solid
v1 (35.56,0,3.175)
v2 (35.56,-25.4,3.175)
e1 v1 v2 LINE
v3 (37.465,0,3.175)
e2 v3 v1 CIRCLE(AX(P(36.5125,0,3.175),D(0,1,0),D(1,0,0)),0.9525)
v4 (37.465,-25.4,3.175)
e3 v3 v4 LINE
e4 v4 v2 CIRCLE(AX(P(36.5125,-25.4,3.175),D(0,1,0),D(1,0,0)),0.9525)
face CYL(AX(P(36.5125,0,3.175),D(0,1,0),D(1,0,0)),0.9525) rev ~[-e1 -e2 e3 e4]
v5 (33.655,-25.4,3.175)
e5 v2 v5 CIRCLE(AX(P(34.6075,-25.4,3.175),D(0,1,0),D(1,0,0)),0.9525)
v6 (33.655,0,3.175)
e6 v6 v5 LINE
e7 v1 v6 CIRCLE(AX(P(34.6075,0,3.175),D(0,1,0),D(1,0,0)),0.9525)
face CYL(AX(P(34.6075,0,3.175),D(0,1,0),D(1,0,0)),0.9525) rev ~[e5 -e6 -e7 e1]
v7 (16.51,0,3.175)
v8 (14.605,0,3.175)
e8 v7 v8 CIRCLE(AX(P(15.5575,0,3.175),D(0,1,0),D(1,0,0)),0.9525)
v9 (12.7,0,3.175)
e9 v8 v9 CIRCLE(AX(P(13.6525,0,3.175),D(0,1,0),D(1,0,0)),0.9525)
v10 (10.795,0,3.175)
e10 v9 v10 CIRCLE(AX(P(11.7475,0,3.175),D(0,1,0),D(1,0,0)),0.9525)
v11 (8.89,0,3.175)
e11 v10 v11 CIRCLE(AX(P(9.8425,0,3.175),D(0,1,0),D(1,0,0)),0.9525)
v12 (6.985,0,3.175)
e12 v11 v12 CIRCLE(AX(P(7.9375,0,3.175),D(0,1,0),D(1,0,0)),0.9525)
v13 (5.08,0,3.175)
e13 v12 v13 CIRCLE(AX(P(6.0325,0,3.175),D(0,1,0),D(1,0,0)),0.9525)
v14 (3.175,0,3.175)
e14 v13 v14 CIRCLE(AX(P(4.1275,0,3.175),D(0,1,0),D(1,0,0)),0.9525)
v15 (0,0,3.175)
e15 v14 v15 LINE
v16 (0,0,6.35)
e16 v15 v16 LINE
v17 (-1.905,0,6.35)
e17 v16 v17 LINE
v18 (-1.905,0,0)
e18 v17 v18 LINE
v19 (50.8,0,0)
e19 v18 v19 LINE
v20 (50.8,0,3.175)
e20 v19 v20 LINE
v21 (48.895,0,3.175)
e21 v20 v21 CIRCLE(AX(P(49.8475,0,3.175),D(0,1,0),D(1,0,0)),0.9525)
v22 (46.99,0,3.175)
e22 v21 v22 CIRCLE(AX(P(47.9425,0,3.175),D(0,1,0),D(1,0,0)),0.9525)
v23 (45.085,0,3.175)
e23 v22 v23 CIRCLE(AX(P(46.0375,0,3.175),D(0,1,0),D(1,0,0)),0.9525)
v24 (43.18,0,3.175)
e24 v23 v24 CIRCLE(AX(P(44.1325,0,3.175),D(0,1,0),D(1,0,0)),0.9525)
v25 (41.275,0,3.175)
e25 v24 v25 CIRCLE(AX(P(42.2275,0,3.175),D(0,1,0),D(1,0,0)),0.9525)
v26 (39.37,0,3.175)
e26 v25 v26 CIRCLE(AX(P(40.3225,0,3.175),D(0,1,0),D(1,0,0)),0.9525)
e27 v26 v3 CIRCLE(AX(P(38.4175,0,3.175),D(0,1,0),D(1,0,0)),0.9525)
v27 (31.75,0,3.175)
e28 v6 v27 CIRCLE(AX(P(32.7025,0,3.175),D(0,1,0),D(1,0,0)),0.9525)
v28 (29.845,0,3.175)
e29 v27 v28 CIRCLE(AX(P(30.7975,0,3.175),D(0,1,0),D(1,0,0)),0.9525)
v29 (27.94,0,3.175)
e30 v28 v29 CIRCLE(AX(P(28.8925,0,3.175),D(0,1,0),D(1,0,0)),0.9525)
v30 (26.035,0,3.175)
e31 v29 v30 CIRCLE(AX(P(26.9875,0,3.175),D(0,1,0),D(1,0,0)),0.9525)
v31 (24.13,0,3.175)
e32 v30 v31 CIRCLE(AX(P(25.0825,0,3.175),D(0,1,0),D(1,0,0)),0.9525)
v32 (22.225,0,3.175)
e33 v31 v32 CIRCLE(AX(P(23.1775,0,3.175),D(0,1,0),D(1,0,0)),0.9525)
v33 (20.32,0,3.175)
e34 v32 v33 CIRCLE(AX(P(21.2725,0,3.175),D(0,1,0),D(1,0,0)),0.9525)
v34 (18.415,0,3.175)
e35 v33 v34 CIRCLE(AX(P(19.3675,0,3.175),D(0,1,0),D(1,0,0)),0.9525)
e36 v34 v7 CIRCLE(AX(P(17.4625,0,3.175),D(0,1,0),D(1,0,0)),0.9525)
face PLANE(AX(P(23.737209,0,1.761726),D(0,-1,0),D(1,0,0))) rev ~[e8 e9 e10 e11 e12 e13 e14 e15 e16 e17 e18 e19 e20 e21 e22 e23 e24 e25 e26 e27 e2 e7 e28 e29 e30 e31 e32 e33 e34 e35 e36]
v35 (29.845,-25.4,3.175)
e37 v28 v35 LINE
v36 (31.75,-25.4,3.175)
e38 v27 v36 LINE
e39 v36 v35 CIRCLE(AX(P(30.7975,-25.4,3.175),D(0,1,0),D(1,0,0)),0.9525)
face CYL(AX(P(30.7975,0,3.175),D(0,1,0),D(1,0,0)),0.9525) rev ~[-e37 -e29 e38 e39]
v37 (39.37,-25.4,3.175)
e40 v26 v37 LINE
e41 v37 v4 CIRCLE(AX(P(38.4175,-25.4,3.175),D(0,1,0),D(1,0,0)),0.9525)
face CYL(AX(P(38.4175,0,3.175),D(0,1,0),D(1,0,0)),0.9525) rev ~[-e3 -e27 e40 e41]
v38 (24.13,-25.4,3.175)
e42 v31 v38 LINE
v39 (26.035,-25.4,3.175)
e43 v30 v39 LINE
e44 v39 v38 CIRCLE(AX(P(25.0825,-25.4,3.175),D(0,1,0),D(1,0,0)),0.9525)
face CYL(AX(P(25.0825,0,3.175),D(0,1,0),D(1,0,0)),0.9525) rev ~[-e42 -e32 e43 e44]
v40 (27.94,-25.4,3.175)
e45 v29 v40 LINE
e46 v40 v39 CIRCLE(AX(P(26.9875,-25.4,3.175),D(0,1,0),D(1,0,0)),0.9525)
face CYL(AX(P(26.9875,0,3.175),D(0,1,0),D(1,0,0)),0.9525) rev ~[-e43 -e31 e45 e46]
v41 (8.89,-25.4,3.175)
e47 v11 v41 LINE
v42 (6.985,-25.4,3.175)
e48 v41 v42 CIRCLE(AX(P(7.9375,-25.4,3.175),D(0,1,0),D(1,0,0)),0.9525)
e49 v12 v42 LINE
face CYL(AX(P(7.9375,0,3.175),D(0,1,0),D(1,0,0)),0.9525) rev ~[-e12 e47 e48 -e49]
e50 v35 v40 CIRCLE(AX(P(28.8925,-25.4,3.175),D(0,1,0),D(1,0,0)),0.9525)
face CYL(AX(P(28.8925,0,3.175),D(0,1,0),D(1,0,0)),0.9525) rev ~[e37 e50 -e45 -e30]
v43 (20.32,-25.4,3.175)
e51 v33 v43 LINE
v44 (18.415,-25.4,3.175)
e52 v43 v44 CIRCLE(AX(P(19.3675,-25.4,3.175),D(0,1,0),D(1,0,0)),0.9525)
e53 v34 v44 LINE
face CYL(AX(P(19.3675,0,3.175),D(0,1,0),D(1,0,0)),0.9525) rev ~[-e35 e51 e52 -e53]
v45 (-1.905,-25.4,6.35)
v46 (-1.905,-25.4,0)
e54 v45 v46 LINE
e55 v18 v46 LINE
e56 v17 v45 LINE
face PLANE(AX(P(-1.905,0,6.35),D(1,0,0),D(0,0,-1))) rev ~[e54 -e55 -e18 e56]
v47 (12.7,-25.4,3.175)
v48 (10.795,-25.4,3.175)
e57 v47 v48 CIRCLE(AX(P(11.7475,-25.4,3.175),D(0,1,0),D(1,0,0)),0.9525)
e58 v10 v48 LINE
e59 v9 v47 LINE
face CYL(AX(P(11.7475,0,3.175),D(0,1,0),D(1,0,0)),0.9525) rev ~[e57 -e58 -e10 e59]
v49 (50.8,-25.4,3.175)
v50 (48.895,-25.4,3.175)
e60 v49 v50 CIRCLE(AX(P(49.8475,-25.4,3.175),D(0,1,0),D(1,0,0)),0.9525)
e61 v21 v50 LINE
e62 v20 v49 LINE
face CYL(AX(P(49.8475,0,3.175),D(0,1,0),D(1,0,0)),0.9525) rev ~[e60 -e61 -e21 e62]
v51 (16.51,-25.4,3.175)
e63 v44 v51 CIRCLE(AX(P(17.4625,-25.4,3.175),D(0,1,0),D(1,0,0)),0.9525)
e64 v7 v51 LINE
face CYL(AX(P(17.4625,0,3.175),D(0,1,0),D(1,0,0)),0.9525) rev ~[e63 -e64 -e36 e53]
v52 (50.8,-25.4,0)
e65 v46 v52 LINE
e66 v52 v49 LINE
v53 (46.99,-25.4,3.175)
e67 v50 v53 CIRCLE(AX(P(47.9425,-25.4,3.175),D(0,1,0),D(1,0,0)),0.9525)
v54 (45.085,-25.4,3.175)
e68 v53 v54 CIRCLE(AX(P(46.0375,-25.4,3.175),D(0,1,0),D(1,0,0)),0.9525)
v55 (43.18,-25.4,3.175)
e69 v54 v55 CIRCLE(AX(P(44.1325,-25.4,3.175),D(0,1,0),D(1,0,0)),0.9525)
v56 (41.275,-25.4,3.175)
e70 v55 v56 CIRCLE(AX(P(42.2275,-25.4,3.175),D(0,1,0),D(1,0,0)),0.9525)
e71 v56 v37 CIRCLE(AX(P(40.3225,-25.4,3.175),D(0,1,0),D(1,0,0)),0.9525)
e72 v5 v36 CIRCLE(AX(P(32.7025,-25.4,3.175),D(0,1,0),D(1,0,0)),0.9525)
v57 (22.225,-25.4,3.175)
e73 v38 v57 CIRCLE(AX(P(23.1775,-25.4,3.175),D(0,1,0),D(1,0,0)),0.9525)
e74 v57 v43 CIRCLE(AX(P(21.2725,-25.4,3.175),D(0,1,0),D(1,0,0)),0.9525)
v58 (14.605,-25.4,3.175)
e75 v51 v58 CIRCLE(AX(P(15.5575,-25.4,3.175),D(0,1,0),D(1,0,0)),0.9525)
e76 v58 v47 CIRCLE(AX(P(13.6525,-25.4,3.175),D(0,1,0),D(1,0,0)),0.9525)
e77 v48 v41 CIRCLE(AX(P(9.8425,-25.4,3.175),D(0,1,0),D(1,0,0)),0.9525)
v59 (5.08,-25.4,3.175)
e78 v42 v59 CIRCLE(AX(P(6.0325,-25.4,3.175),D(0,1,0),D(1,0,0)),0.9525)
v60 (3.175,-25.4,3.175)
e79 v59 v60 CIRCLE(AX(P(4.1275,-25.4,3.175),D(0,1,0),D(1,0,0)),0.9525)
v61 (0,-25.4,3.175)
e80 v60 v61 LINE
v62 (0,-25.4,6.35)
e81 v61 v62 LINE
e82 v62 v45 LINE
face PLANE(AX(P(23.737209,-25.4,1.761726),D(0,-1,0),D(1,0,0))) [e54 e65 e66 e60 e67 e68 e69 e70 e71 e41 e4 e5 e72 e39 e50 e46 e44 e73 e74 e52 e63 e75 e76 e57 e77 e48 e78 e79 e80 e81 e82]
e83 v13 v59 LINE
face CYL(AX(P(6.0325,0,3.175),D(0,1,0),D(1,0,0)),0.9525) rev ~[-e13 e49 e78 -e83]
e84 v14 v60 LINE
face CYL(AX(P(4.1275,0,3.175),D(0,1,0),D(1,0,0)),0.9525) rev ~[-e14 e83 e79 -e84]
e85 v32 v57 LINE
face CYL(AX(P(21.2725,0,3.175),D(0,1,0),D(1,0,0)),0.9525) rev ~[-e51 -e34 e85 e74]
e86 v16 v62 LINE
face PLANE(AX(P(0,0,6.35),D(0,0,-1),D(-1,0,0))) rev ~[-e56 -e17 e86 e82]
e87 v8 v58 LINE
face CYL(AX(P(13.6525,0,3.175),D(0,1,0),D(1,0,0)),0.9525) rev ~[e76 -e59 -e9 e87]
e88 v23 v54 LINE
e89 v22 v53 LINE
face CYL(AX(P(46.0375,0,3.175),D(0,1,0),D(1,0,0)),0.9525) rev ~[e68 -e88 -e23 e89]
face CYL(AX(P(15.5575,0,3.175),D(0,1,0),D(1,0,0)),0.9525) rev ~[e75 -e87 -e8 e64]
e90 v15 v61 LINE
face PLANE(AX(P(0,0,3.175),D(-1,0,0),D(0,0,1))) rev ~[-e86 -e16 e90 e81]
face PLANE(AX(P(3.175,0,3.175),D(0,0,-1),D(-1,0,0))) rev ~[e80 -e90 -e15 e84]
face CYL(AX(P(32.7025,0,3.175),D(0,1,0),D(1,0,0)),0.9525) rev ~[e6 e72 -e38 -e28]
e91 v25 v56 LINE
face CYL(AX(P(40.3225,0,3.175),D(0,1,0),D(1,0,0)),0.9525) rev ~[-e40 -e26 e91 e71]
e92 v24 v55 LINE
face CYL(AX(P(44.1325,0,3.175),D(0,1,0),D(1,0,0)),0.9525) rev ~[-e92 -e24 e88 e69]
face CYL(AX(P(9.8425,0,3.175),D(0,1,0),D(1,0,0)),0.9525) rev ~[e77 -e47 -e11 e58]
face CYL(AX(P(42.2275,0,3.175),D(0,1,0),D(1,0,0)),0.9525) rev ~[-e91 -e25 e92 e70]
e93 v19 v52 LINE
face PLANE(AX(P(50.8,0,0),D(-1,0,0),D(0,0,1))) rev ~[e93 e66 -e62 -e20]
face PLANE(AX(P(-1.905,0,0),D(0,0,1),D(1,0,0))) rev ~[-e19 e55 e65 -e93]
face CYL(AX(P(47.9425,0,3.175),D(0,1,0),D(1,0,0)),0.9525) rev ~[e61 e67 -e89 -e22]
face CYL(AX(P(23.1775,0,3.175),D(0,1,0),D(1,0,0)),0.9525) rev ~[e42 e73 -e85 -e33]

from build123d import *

# Parameters (mm, degrees)
F1_DEPTH = 25.4


with BuildPart() as f1:
    # F0 (on Front) → F1 (new body)
    with BuildSketch(Plane.XZ):
        with BuildLine():
            Line((-1.905, 0), (0, 0))
            Line((0, 0), (50.8, 0))
            Line((50.8, 0), (50.8, 3.175))
            ThreePointArc((50.8, 3.175), (49.8475, 2.2225), (48.895, 3.175))
            ThreePointArc((48.895, 3.175), (47.9425, 2.2225), (46.99, 3.175))
            ThreePointArc((46.99, 3.175), (46.0375, 2.2225), (45.085, 3.175))
            ThreePointArc((45.085, 3.175), (44.1325, 2.2225), (43.18, 3.175))
            ThreePointArc((43.18, 3.175), (42.2275, 2.2225), (41.275, 3.175))
            ThreePointArc((41.275, 3.175), (40.3225, 2.2225), (39.37, 3.175))
            ThreePointArc((39.37, 3.175), (38.4175, 2.2225), (37.465, 3.175))
            ThreePointArc((37.465, 3.175), (36.5125, 2.2225), (35.56, 3.175))
            ThreePointArc((35.56, 3.175), (34.6075, 2.2225), (33.655, 3.175))
            ThreePointArc((33.655, 3.175), (32.7025, 2.2225), (31.75, 3.175))
            ThreePointArc((31.75, 3.175), (30.7975, 2.2225), (29.845, 3.175))
            ThreePointArc((29.845, 3.175), (28.8925, 2.2225), (27.94, 3.175))
            ThreePointArc((27.94, 3.175), (26.9875, 2.2225), (26.035, 3.175))
            ThreePointArc((26.035, 3.175), (25.0825, 2.2225), (24.13, 3.175))
            ThreePointArc((24.13, 3.175), (23.1775, 2.2225), (22.225, 3.175))
            ThreePointArc((22.225, 3.175), (21.2725, 2.2225), (20.32, 3.175))
            ThreePointArc((20.32, 3.175), (19.3675, 2.2225), (18.415, 3.175))
            ThreePointArc((18.415, 3.175), (17.4625, 2.2225), (16.51, 3.175))
            ThreePointArc((16.51, 3.175), (15.5575, 2.2225), (14.605, 3.175))
            ThreePointArc((14.605, 3.175), (13.6525, 2.2225), (12.7, 3.175))
            ThreePointArc((12.7, 3.175), (11.7475, 2.2225), (10.795, 3.175))
            ThreePointArc((10.795, 3.175), (9.8425, 2.2225), (8.89, 3.175))
            ThreePointArc((8.89, 3.175), (7.9375, 2.2225), (6.985, 3.175))
            ThreePointArc((6.985, 3.175), (6.0325, 2.2225), (5.08, 3.175))
            ThreePointArc((5.08, 3.175), (4.1275, 2.2225), (3.175, 3.175))
            Line((3.175, 3.175), (0, 3.175))
            Line((0, 3.175), (0, 6.35))
            Line((0, 6.35), (-1.905, 6.35))
            Line((-1.905, 6.35), (-1.905, 0))
        make_face()
    extrude(amount=F1_DEPTH)


solid = f1.part
